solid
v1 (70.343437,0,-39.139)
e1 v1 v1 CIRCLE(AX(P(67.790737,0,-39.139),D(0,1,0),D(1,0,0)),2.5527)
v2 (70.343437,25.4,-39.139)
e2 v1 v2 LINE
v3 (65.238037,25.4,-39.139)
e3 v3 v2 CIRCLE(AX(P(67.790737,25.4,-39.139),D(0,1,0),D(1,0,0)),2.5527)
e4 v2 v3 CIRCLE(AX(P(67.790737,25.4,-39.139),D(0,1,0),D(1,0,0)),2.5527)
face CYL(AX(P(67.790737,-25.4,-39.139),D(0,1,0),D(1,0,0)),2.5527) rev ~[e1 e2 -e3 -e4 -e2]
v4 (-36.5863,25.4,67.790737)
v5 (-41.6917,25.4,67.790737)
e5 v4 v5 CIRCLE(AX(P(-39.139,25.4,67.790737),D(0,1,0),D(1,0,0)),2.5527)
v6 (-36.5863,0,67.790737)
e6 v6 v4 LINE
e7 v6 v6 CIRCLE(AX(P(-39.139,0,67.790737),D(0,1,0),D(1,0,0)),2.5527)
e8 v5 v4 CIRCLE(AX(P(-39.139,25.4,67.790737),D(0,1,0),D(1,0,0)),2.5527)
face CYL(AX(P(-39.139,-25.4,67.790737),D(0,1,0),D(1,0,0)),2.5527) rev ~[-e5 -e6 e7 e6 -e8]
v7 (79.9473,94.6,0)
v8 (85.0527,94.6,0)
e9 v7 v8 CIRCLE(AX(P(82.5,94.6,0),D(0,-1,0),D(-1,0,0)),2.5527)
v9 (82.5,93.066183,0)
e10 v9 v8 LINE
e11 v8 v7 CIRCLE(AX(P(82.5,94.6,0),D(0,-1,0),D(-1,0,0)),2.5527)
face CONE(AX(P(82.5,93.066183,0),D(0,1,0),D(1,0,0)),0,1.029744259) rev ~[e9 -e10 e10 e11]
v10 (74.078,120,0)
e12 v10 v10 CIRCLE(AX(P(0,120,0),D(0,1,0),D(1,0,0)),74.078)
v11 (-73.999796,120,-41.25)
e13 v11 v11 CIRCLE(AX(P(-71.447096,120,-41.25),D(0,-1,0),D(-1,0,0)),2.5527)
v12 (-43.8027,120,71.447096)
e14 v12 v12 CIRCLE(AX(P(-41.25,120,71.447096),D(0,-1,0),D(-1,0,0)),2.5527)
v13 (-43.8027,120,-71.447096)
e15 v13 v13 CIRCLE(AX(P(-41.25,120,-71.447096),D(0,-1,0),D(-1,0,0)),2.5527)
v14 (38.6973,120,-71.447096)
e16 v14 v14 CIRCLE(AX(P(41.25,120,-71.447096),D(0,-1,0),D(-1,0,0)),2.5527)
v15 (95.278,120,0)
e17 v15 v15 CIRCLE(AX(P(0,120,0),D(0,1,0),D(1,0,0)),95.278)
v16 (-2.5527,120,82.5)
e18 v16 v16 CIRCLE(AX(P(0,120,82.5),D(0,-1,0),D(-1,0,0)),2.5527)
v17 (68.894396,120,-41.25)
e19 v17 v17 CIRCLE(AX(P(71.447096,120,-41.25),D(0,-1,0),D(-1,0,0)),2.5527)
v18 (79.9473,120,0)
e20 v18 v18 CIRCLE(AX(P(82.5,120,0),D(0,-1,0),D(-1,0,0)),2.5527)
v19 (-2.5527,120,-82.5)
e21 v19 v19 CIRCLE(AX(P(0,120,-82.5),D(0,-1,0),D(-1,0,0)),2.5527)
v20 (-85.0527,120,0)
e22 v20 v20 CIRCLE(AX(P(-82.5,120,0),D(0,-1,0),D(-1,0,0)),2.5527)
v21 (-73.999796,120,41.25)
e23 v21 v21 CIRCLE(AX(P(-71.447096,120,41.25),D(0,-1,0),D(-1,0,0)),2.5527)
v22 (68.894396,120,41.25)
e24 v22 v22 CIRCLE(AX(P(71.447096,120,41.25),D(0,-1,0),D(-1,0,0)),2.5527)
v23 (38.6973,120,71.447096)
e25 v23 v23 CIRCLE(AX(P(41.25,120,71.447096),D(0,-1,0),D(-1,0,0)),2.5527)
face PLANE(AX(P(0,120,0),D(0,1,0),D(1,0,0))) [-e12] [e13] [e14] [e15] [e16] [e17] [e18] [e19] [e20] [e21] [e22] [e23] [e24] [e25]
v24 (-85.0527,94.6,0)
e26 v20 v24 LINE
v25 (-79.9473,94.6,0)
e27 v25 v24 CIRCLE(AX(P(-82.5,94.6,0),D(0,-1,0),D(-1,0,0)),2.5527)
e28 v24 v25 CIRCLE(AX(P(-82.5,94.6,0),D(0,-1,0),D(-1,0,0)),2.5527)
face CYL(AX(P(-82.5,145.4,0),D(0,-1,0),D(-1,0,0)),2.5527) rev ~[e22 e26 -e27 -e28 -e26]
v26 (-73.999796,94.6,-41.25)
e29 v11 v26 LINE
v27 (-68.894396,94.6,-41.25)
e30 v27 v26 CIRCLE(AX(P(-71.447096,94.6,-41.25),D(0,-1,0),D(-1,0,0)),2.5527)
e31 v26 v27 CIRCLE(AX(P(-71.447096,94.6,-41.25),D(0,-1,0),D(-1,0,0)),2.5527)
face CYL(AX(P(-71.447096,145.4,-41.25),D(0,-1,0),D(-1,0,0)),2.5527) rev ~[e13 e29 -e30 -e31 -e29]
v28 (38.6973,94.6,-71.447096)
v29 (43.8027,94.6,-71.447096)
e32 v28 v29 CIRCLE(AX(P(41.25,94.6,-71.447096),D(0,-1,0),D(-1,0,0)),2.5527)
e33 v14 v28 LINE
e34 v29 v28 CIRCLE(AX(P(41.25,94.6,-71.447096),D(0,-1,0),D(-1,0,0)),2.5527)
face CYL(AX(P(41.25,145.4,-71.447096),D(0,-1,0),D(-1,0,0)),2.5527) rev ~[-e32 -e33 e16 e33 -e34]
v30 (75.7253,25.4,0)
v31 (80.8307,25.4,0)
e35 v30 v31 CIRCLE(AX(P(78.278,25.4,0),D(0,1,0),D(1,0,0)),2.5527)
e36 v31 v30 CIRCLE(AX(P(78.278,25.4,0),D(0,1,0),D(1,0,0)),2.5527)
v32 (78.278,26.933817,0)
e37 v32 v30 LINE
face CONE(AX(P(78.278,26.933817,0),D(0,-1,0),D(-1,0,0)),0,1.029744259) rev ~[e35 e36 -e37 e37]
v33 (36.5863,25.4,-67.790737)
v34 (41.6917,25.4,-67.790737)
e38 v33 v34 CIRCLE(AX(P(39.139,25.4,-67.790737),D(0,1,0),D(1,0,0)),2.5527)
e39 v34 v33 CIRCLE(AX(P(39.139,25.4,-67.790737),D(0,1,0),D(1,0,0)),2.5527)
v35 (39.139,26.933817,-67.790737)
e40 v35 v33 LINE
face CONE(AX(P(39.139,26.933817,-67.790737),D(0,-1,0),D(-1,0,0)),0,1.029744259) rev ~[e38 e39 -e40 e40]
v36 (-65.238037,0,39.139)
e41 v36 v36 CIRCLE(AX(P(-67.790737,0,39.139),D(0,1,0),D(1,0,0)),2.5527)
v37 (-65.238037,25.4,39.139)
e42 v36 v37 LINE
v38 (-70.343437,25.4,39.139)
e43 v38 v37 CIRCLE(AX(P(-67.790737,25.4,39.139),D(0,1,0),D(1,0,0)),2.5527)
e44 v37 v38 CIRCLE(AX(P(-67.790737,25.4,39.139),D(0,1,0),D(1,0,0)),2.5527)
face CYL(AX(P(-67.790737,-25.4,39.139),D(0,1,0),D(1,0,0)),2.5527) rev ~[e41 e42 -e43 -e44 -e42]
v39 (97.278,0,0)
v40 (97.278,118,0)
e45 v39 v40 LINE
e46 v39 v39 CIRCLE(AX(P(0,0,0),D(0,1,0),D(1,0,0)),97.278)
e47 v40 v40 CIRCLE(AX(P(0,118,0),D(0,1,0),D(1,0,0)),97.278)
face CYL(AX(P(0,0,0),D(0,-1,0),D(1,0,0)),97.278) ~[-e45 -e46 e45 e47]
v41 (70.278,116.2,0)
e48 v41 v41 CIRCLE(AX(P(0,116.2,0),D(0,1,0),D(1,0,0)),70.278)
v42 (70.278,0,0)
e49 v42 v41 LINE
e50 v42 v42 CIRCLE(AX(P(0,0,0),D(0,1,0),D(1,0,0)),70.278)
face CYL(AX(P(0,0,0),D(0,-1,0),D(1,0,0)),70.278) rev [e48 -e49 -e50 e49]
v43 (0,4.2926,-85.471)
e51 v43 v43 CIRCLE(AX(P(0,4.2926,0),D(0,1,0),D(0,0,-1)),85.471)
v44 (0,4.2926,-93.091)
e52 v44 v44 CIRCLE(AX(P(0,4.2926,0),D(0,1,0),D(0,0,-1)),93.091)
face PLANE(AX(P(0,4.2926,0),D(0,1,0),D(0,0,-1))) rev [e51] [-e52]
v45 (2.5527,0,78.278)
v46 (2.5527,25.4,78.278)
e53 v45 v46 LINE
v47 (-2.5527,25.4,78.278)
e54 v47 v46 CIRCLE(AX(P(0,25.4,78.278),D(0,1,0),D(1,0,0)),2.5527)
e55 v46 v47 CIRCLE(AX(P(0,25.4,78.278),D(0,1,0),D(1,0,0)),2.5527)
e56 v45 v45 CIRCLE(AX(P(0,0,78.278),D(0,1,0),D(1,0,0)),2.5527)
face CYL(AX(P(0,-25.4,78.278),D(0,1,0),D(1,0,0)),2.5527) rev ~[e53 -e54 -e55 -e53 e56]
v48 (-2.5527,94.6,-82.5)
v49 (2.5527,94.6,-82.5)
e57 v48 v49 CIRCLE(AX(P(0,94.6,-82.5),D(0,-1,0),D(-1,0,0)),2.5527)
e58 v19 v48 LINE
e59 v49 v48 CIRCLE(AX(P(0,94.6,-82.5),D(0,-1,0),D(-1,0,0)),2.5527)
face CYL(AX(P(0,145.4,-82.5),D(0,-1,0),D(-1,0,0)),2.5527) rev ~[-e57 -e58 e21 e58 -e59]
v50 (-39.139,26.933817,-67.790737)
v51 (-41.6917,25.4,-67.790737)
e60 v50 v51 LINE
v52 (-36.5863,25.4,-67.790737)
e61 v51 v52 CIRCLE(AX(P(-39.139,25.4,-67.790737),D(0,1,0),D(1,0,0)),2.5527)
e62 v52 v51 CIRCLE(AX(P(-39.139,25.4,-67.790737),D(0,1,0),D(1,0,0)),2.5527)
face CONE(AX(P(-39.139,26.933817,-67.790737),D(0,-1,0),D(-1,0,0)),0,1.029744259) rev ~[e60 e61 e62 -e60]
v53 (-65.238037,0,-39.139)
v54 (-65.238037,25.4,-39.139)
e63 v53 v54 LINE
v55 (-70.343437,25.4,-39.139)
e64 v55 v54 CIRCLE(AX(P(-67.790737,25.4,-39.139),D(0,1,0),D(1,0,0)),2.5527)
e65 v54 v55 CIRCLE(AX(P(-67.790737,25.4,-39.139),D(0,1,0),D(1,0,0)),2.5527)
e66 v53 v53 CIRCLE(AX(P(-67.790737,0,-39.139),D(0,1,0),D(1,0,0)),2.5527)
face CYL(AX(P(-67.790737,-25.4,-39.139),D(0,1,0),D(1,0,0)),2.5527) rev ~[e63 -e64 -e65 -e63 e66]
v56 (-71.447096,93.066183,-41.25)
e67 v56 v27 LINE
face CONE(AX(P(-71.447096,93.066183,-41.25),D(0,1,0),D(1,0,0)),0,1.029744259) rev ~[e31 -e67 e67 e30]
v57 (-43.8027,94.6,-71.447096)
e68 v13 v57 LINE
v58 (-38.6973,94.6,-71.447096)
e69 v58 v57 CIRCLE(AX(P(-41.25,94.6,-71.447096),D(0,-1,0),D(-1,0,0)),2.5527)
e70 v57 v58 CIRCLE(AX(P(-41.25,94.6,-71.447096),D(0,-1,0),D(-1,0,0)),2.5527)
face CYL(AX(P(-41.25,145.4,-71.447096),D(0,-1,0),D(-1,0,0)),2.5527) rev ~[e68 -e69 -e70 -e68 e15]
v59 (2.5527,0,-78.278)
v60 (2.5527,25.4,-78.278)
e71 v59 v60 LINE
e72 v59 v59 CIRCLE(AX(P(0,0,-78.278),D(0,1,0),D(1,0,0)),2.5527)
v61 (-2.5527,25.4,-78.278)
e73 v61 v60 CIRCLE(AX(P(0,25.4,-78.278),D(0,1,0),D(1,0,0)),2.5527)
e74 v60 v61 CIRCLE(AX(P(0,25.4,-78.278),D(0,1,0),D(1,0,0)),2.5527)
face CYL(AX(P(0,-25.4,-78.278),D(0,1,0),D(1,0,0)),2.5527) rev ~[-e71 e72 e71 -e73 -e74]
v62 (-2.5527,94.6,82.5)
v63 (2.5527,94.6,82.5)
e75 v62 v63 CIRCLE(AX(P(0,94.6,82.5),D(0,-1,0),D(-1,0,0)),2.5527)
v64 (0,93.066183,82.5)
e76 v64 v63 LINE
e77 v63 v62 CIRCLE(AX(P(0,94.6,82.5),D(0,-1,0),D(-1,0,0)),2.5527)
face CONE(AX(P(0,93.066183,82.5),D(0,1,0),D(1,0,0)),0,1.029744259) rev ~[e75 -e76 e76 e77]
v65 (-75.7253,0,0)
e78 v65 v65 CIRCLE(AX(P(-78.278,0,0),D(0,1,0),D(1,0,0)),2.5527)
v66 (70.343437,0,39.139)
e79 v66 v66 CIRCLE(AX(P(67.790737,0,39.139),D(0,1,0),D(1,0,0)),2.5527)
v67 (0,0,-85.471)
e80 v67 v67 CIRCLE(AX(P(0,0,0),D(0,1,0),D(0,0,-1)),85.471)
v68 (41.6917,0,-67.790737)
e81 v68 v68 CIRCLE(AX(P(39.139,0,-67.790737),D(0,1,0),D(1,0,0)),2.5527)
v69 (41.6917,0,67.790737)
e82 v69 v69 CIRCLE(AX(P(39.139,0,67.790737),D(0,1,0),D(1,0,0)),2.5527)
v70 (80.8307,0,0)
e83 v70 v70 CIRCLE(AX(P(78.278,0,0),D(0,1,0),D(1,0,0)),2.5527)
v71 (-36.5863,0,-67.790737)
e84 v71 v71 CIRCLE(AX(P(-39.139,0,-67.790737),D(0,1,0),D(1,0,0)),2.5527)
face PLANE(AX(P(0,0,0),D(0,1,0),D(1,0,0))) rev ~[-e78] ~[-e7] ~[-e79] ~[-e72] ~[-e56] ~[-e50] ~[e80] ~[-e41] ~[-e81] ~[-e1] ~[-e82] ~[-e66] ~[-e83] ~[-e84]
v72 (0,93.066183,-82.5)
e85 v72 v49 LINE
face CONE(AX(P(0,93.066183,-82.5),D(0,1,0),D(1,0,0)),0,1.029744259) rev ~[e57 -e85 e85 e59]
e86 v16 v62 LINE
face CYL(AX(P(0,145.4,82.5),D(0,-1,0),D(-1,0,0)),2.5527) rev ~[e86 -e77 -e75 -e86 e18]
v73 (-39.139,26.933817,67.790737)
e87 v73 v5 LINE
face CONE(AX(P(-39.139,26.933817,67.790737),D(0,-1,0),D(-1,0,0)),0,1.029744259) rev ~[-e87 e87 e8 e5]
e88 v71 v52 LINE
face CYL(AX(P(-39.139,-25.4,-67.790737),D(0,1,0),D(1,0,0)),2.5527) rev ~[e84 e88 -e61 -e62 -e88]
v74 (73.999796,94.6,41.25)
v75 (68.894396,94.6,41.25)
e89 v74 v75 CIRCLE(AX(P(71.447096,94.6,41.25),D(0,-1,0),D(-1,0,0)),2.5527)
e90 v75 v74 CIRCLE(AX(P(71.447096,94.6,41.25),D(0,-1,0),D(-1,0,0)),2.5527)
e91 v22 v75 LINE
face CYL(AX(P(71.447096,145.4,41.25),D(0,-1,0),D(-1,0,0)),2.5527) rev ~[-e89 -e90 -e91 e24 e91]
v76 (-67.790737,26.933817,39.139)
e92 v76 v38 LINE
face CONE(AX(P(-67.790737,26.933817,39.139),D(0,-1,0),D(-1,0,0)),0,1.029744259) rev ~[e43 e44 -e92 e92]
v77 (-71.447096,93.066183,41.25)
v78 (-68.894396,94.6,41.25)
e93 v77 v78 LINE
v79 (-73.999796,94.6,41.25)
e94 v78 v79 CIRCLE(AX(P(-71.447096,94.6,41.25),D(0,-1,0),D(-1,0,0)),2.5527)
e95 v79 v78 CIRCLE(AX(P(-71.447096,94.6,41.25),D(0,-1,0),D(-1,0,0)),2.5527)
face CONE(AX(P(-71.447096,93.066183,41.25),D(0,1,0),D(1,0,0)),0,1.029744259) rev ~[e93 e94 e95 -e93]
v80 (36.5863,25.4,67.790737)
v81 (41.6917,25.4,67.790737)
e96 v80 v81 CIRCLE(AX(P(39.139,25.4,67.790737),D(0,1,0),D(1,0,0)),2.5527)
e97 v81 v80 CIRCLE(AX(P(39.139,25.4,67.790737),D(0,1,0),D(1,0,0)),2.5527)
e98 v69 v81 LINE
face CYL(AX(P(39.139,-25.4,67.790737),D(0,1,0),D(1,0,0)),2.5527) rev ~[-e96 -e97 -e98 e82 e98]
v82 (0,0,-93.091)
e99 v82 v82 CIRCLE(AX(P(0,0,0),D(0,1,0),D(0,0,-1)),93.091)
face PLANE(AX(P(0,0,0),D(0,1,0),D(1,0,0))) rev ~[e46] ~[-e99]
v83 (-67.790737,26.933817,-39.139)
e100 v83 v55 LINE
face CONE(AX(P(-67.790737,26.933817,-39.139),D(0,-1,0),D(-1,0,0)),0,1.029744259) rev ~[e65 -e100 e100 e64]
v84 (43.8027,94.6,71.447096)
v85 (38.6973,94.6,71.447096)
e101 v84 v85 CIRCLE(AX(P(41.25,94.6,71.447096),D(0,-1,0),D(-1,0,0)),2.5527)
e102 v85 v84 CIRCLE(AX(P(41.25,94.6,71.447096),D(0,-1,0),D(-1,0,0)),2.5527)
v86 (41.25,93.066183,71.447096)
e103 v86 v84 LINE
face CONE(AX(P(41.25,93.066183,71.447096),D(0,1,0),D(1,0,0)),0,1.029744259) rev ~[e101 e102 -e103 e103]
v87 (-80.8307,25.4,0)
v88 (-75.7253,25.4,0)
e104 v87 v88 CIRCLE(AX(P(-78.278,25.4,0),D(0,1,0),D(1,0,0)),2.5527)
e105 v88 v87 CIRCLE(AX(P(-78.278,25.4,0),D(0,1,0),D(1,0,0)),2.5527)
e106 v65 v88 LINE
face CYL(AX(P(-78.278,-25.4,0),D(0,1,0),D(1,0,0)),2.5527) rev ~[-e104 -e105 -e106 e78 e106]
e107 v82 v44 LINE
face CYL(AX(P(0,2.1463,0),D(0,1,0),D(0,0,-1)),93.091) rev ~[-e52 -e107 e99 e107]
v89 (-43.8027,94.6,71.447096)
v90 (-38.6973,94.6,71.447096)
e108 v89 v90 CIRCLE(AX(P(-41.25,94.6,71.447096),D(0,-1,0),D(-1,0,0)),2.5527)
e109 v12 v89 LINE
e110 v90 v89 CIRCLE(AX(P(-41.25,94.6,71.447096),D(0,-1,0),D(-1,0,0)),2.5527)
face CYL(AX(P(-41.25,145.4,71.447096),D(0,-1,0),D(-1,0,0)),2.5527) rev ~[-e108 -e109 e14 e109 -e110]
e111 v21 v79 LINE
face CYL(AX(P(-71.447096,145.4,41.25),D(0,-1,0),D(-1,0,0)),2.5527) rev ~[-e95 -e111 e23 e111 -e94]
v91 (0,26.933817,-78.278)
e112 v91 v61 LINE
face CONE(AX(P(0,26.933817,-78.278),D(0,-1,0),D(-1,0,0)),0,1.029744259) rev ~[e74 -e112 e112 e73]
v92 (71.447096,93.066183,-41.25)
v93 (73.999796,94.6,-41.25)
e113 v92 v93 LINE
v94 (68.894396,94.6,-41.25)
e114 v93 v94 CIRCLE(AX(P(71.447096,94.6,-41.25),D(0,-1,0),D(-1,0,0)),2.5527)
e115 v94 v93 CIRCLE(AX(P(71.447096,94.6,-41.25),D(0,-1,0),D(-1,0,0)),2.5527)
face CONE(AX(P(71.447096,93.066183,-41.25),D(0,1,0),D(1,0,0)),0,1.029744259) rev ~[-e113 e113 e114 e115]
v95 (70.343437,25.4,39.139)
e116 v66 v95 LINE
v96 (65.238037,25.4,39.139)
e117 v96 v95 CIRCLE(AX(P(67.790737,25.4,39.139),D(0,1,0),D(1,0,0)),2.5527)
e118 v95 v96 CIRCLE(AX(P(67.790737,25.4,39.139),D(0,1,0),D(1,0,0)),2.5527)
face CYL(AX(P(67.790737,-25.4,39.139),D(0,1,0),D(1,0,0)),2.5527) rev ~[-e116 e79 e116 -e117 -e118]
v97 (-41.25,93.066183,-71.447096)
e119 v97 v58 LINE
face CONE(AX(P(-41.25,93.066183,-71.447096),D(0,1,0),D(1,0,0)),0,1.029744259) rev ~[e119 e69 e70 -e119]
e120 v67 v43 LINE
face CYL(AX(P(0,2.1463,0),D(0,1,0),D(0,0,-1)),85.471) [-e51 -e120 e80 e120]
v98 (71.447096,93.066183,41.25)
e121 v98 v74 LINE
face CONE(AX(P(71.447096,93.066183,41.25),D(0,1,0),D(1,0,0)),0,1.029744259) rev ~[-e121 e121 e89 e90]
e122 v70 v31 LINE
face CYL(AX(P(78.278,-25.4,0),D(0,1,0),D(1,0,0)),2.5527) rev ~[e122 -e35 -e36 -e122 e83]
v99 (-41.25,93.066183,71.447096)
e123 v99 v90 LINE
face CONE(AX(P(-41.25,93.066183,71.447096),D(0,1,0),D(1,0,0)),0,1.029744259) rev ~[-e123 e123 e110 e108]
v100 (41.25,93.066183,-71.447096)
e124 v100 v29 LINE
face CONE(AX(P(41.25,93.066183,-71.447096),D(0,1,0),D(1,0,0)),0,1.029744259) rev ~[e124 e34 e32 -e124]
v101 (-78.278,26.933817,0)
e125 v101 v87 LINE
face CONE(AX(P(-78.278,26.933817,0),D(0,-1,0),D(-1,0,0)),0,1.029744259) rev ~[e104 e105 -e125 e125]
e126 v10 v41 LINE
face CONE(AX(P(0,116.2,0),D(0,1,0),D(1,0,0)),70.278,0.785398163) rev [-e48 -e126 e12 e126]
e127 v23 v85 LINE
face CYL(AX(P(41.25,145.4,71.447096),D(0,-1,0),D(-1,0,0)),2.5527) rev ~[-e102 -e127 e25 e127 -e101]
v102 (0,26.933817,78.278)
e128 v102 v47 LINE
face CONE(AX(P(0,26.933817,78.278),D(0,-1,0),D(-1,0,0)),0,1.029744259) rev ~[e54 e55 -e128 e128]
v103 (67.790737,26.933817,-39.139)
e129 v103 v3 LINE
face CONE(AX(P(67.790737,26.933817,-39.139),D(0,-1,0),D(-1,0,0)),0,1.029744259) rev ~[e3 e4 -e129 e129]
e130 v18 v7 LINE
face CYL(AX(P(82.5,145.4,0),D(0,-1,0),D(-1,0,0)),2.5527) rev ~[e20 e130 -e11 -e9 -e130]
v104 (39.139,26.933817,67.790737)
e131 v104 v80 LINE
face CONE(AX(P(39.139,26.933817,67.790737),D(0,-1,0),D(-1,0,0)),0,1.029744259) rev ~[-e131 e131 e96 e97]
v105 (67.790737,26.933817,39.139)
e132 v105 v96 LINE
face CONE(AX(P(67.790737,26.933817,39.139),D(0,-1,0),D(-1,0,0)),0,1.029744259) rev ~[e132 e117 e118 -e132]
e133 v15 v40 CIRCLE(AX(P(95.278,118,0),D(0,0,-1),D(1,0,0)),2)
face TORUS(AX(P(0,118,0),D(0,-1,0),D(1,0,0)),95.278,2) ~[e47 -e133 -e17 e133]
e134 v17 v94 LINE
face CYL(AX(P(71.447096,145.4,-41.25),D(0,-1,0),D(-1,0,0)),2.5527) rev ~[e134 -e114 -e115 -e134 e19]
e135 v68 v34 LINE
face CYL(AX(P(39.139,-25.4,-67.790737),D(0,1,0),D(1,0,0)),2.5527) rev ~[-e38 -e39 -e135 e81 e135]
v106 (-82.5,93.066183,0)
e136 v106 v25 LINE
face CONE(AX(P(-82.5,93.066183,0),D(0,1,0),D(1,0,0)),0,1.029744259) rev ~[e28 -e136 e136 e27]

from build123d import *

# Parameters (mm, degrees)
SKETCH2_R                   = 97.278
SKETCH2_R_2                 = 70.278
BOSS_EXTRUDE2_DEPTH         = 120
SKETCH4_W                   = 7.62
SKETCH4_H                   = 4.2926
CHAMFER1_SIZE               = 3.8
F_1_4_20_TAPPED_HOLE1_D     = 5.1054
F_1_4_20_TAPPED_HOLE1_DEPTH = 25.4
F_1_4_20_TAPPED_HOLE1_TIP   = 1.533816902
F_1_4_20_TAPPED_HOLE2_D     = 5.1054
F_1_4_20_TAPPED_HOLE2_DEPTH = 25.4
F_1_4_20_TAPPED_HOLE2_TIP   = 1.533816902
FILLET1_R                   = 2


with BuildPart() as part:
    # Sketch2 → Boss-Extrude2 (new body)
    with BuildSketch(Plane(origin=(0, 0, 0), x_dir=(1, 0, 0), z_dir=(0, 1, 0))):
        Circle(SKETCH2_R)
        Circle(SKETCH2_R_2, mode=Mode.SUBTRACT)
    extrude(amount=BOSS_EXTRUDE2_DEPTH)

    # Sketch4 → Cut-Revolve1 (revolve, cut)
    with BuildSketch(Plane(origin=(0, 0, 0), x_dir=(0, 0, -1), z_dir=(1, 0, 0))):
        with Locations((89.281, 2.1463)):
            Rectangle(SKETCH4_W, SKETCH4_H)
    revolve(axis=Axis((0, 0, 0), (0, 1, 0)), mode=Mode.SUBTRACT)

    # Chamfer1
    chamfer1_edges = [part.edges().sort_by_distance(p)[0] for p in [
        (-70.278, 120, 0),
    ]]
    chamfer(chamfer1_edges, length=CHAMFER1_SIZE)

    # 1/4-20 Tapped Hole1
    with Locations(Plane(origin=(0, 0, 0), x_dir=(-1, 0, 0), z_dir=(0, -1, 0))):
        with Locations((0, 78.278), (-39.139, 67.790736557), (-67.790736557, 39.139), (-78.278, 0), (-67.790736557, -39.139), (-39.139, -67.790736557), (0, -78.278), (39.139, -67.790736557), (67.790736557, -39.139), (78.278, 0), (67.790736557, 39.139), (39.139, 67.790736557)):
            Hole(F_1_4_20_TAPPED_HOLE1_D / 2, depth=F_1_4_20_TAPPED_HOLE1_DEPTH)
            with Locations((0, 0, -(F_1_4_20_TAPPED_HOLE1_DEPTH + F_1_4_20_TAPPED_HOLE1_TIP / 2))):  # 118° drill point
                Cone(0, F_1_4_20_TAPPED_HOLE1_D / 2, F_1_4_20_TAPPED_HOLE1_TIP, mode=Mode.SUBTRACT)

    # 1/4-20 Tapped Hole2
    with Locations(Plane(origin=(0, 120, 0), x_dir=(1, 0, 0), z_dir=(0, 1, 0))):
        with Locations((-41.25, -71.447095812), (-71.447095812, -41.25), (-82.5, 0), (-71.447095812, 41.25), (-41.25, 71.447095812), (0, 82.5), (41.25, 71.447095812), (71.447095812, 41.25), (82.5, 0), (71.447095812, -41.25), (41.25, -71.447095812), (0, -82.5)):
            Hole(F_1_4_20_TAPPED_HOLE2_D / 2, depth=F_1_4_20_TAPPED_HOLE2_DEPTH)
            with Locations((0, 0, -(F_1_4_20_TAPPED_HOLE2_DEPTH + F_1_4_20_TAPPED_HOLE2_TIP / 2))):  # 118° drill point
                Cone(0, F_1_4_20_TAPPED_HOLE2_D / 2, F_1_4_20_TAPPED_HOLE2_TIP, mode=Mode.SUBTRACT)

    # Fillet1
    fillet1_edges = [part.edges().sort_by_distance(p)[0] for p in [
        (-97.278, 120, 0),
    ]]
    fillet(fillet1_edges, radius=FILLET1_R)


solid = part.part
